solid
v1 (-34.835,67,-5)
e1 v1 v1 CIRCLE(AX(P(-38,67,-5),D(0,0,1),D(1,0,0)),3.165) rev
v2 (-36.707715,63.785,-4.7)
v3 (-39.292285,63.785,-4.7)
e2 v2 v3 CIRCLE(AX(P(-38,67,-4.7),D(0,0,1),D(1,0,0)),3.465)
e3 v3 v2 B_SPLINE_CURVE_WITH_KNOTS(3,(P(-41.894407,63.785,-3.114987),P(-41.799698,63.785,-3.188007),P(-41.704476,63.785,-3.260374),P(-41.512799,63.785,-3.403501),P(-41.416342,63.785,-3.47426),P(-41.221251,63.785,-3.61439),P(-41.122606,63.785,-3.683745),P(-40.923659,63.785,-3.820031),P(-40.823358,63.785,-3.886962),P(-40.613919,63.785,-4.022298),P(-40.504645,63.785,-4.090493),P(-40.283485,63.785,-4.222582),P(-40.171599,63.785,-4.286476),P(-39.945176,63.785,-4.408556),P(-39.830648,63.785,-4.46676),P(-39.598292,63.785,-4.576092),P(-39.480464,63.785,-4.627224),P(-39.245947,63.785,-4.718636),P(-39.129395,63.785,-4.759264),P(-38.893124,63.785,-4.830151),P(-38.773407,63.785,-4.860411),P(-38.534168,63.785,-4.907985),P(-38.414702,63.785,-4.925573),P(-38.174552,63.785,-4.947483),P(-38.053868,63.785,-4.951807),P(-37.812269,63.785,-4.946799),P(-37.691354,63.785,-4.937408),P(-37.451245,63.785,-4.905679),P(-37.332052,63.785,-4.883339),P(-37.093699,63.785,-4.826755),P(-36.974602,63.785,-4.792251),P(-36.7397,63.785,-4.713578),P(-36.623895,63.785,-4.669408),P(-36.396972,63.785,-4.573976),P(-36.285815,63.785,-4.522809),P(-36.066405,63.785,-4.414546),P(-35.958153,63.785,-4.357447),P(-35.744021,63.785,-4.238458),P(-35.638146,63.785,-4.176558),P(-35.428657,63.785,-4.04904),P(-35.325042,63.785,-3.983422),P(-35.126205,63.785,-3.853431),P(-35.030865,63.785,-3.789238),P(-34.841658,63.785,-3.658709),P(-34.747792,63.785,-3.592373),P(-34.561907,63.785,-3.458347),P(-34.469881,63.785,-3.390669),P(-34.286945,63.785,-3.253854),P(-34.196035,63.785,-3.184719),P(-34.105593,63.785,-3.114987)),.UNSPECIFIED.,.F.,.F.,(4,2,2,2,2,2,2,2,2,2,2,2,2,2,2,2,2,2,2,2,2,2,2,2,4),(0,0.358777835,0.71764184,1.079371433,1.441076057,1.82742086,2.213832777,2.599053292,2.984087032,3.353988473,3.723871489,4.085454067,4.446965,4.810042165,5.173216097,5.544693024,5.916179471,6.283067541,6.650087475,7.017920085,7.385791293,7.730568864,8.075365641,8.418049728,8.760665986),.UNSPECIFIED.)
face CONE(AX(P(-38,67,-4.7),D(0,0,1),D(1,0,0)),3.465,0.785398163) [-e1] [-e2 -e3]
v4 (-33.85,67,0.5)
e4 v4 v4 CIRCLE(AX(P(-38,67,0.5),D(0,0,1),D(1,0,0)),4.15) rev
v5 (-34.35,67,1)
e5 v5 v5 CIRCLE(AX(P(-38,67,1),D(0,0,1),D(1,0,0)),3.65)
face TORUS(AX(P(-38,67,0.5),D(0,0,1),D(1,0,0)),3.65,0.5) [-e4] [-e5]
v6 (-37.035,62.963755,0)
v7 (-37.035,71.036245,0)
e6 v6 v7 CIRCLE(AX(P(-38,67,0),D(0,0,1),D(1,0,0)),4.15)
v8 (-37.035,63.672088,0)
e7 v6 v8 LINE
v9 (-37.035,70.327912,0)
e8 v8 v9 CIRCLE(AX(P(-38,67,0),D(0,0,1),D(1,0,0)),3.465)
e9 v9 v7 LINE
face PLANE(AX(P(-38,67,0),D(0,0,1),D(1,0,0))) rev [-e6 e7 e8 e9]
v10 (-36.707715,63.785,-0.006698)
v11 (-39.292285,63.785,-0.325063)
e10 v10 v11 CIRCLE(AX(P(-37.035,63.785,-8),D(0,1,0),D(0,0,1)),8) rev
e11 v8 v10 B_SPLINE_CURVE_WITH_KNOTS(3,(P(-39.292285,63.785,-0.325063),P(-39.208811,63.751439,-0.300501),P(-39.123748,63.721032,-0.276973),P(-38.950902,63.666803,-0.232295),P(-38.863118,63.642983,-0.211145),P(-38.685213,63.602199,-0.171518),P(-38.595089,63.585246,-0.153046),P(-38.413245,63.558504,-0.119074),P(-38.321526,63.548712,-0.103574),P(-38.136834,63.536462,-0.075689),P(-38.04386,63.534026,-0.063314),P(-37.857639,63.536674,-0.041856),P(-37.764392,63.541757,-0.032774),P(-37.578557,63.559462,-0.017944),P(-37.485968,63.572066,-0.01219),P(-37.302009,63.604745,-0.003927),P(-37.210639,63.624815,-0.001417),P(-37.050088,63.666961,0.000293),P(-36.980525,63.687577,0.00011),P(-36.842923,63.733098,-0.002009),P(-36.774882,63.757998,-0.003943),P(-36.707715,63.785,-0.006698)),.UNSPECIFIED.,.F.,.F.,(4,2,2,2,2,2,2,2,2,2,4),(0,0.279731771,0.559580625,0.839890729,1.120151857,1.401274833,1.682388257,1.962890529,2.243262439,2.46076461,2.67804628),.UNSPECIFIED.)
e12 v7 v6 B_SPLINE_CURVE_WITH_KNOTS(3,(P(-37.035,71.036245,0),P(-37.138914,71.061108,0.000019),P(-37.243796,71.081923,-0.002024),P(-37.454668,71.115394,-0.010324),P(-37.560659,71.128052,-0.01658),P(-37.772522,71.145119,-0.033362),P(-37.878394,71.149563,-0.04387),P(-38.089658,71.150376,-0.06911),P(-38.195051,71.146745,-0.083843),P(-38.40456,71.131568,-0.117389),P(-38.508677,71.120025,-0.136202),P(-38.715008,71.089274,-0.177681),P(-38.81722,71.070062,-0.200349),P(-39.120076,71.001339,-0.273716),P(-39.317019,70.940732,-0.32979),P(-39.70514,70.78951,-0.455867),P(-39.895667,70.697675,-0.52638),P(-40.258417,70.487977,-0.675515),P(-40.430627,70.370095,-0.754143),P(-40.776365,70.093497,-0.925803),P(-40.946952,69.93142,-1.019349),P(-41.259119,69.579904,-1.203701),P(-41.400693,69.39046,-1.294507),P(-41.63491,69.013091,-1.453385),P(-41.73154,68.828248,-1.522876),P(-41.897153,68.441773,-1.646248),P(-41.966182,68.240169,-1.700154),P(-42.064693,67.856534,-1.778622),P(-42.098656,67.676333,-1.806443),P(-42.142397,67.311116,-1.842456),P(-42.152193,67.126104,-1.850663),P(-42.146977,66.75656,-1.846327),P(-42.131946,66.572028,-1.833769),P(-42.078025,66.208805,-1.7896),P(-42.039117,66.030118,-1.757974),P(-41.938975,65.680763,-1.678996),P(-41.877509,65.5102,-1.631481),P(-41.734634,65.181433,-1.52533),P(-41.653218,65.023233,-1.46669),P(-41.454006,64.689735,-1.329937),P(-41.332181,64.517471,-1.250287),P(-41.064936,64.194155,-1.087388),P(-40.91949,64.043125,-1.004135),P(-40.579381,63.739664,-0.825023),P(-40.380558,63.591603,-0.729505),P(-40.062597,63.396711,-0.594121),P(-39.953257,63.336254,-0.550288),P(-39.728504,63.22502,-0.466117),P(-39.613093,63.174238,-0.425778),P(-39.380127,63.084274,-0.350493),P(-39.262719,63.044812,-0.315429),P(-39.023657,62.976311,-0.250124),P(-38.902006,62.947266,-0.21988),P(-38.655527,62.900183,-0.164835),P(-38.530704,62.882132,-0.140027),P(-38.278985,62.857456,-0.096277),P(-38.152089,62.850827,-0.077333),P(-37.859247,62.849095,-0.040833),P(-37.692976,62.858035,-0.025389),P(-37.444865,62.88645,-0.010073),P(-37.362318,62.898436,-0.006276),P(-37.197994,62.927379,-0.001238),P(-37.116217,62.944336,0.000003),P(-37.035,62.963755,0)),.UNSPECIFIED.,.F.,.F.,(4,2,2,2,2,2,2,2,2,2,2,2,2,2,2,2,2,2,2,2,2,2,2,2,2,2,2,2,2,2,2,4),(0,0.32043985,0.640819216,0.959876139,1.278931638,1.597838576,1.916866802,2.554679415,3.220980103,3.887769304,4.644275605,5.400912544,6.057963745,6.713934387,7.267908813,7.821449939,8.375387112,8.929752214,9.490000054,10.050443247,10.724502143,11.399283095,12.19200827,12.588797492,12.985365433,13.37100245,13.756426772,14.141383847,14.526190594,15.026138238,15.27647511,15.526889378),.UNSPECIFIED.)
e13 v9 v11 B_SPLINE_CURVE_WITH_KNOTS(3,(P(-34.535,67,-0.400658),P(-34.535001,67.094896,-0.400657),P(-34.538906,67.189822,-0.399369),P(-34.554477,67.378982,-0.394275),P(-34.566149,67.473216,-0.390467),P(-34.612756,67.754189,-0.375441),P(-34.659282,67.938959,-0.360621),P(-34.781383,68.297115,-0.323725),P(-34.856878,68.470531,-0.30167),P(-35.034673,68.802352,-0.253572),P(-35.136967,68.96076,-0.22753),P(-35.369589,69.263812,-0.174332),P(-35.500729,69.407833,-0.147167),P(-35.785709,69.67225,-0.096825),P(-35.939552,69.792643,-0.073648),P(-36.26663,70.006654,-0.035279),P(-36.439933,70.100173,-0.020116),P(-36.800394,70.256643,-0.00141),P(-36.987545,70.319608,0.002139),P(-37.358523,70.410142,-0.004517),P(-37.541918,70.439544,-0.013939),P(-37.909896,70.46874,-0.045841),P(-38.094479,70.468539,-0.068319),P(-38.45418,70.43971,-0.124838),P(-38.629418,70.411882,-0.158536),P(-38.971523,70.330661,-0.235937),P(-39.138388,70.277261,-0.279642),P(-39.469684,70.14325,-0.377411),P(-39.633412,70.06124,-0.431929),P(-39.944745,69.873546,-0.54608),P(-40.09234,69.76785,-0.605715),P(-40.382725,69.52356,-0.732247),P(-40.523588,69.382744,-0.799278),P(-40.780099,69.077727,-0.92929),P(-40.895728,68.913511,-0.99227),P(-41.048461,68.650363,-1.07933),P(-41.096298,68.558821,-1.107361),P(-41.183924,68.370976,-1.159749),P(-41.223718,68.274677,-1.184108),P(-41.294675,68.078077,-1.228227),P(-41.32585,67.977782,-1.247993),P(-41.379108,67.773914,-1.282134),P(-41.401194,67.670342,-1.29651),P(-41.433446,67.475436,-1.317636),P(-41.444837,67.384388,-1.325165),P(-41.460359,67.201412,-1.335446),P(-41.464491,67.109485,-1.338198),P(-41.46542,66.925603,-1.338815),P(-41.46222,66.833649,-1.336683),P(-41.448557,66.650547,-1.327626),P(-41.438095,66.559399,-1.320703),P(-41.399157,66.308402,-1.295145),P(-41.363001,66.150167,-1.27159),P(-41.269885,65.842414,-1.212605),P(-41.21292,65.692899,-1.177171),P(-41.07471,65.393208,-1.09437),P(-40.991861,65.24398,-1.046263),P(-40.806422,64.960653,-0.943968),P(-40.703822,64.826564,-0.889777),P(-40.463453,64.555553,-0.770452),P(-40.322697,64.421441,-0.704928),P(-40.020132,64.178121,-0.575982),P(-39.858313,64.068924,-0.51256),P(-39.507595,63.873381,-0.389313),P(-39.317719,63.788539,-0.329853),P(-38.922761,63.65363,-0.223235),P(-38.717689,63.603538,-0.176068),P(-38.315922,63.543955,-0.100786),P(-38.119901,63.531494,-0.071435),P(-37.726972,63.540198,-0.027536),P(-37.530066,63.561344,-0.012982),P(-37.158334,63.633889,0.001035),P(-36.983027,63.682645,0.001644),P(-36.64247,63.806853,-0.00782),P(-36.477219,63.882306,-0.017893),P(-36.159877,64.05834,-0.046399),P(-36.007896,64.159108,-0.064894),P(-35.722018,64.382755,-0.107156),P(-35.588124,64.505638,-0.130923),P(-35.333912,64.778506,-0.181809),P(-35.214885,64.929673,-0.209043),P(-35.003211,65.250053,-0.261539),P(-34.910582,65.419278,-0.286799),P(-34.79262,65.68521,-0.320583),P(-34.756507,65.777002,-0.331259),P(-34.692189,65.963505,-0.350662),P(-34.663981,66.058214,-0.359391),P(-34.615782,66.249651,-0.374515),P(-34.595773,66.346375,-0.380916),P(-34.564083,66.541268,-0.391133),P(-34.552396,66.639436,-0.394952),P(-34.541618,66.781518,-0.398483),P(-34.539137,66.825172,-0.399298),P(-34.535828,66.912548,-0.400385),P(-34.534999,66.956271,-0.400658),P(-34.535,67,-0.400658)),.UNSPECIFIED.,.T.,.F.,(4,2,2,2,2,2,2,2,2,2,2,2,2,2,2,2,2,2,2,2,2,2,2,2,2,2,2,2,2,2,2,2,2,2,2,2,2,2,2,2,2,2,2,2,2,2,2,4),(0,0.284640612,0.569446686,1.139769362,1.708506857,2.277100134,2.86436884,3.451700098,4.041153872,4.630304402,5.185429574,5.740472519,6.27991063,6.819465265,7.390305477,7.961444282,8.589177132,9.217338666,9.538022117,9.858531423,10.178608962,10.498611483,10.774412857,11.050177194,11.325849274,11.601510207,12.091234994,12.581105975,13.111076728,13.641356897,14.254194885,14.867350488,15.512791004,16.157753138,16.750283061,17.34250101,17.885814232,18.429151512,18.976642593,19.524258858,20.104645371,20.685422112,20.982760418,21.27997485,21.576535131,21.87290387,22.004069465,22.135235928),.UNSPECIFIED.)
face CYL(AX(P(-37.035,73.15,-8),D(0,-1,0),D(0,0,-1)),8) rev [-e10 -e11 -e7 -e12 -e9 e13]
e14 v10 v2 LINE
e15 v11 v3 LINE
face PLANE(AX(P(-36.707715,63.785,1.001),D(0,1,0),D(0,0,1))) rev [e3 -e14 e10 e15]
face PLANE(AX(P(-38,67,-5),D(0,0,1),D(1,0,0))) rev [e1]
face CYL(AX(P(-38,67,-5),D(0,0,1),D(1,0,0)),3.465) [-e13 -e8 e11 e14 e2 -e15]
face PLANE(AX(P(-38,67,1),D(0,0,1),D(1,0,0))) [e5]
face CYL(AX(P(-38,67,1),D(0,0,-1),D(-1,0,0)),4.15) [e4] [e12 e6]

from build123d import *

# Parameters (mm, degrees)
ESQUISSE1_R                  = 3.465
BOSS_EXTRU_1_DEPTH           = 5
ESQUISSE2_R                  = 4.15
BOSS_EXTRU_2_DEPTH           = 1
CONG_1_R                     = 0.5
BOSS_EXTRU_3_DEPTH           = 9
BOSS_EXTRU_3_DEPTH_BACK      = 2
ENL_V_START                  = -4
ENL_V_MAT_EXTRU_1_DEPTH      = 4
CHANFREIN1_SIZE              = 0.3
ENL_V_MAT_EXTRU_2_REACH      = 84.915
ENL_V_MAT_EXTRU_2_END_RADIUS = 8


with BuildPart() as part:
    # Esquisse1 → Boss.-Extru.1 (new body)
    with BuildSketch(Plane.XY):
        with Locations((-38, 67)):
            Circle(ESQUISSE1_R)
    extrude(amount=-BOSS_EXTRU_1_DEPTH)

    # Esquisse2 → Boss.-Extru.2 (add)
    with BuildSketch(Plane.XY):
        with Locations((-38, 67)):
            Circle(ESQUISSE2_R)
    extrude(amount=BOSS_EXTRU_2_DEPTH)

    # Congé1
    cong_1_edges = [part.edges().sort_by_distance(p)[0] for p in [
        (-42.15, 67, 1),
    ]]
    fillet(cong_1_edges, radius=CONG_1_R)

    # Esquisse4 → Boss.-Extru.3 (add, two sides: drawn at the far end of the back side and taken through both)
    with BuildSketch(Plane(origin=(29.785, 71.15, 0), x_dir=(0, 0, 1), z_dir=(0, -1, 0)).offset(-BOSS_EXTRU_3_DEPTH_BACK)):
        with BuildLine():
            Line((0, 71.935), (-1.84883954, 71.935))
            ThreePointArc((-1.84883954, 71.935), (-0.476394359, 69.539440781), (0, 66.82))
            Line((0, 66.82), (0, 71.935))
        make_face()
    extrude(amount=BOSS_EXTRU_3_DEPTH + BOSS_EXTRU_3_DEPTH_BACK)

    # Esquisse5 → Enlèv. mat.-Extru.1 (cut)
    with BuildSketch(Plane.XY.offset(1).offset(ENL_V_START)):
        with BuildLine():
            Line((-37.035, 62.963754839), (-36.628505561, 58.672971398))
            Line((-36.628505561, 58.672971398), (-43.808246532, 59.466119951))
            Line((-43.808246532, 59.466119951), (-42.997006725, 73.486489438))
            Line((-42.997006725, 73.486489438), (-36.628505561, 73.524507843))
            Line((-36.628505561, 73.524507843), (-37.035, 71.036245161))
            ThreePointArc((-37.035, 71.036245161), (-40.57077323, 70.25785589), (-42.15, 67))
            ThreePointArc((-42.15, 67), (-40.57077323, 63.74214411), (-37.035, 62.963754839))
        make_face()
    extrude(amount=ENL_V_MAT_EXTRU_1_DEPTH, mode=Mode.SUBTRACT)

    # Chanfrein1
    chanfrein1_edges = [part.edges().sort_by_distance(p)[0] for p in [
        (-41.465, 67, -5),
    ]]
    chamfer(chanfrein1_edges, length=CHANFREIN1_SIZE)

    # Enlèv. mat.-Extru.2: up to this cylinder (the profile starts inside it)
    enl_v_mat_extru_2_end = Plane(origin=(-37.035, 63.684684, -8), z_dir=(0, -1, 0)) * Cylinder(ENL_V_MAT_EXTRU_2_END_RADIUS, 186.83, mode=Mode.PRIVATE)
    # Esquisse7 → Enlèv. mat.-Extru.2 (cut, up to the surface)
    with BuildSketch(Plane(origin=(0, 0, -5), x_dir=(-1, 0, 0), z_dir=(0, 0, -1)), mode=Mode.PRIVATE) as enl_v_mat_extru_2_sk1:
        with BuildLine():
            Line((36.707715202, 63.785), (39.292284798, 63.785))
            ThreePointArc((39.292284798, 63.785), (38, 63.535), (36.707715202, 63.785))
        make_face()
    enl_v_mat_extru_2_tool1 = extrude(enl_v_mat_extru_2_sk1.sketch, amount=-ENL_V_MAT_EXTRU_2_REACH, mode=Mode.PRIVATE) & enl_v_mat_extru_2_end
    add(enl_v_mat_extru_2_tool1.solids().sort_by_distance((-38, 63.684684, -5))[0], mode=Mode.SUBTRACT)


solid = part.part
